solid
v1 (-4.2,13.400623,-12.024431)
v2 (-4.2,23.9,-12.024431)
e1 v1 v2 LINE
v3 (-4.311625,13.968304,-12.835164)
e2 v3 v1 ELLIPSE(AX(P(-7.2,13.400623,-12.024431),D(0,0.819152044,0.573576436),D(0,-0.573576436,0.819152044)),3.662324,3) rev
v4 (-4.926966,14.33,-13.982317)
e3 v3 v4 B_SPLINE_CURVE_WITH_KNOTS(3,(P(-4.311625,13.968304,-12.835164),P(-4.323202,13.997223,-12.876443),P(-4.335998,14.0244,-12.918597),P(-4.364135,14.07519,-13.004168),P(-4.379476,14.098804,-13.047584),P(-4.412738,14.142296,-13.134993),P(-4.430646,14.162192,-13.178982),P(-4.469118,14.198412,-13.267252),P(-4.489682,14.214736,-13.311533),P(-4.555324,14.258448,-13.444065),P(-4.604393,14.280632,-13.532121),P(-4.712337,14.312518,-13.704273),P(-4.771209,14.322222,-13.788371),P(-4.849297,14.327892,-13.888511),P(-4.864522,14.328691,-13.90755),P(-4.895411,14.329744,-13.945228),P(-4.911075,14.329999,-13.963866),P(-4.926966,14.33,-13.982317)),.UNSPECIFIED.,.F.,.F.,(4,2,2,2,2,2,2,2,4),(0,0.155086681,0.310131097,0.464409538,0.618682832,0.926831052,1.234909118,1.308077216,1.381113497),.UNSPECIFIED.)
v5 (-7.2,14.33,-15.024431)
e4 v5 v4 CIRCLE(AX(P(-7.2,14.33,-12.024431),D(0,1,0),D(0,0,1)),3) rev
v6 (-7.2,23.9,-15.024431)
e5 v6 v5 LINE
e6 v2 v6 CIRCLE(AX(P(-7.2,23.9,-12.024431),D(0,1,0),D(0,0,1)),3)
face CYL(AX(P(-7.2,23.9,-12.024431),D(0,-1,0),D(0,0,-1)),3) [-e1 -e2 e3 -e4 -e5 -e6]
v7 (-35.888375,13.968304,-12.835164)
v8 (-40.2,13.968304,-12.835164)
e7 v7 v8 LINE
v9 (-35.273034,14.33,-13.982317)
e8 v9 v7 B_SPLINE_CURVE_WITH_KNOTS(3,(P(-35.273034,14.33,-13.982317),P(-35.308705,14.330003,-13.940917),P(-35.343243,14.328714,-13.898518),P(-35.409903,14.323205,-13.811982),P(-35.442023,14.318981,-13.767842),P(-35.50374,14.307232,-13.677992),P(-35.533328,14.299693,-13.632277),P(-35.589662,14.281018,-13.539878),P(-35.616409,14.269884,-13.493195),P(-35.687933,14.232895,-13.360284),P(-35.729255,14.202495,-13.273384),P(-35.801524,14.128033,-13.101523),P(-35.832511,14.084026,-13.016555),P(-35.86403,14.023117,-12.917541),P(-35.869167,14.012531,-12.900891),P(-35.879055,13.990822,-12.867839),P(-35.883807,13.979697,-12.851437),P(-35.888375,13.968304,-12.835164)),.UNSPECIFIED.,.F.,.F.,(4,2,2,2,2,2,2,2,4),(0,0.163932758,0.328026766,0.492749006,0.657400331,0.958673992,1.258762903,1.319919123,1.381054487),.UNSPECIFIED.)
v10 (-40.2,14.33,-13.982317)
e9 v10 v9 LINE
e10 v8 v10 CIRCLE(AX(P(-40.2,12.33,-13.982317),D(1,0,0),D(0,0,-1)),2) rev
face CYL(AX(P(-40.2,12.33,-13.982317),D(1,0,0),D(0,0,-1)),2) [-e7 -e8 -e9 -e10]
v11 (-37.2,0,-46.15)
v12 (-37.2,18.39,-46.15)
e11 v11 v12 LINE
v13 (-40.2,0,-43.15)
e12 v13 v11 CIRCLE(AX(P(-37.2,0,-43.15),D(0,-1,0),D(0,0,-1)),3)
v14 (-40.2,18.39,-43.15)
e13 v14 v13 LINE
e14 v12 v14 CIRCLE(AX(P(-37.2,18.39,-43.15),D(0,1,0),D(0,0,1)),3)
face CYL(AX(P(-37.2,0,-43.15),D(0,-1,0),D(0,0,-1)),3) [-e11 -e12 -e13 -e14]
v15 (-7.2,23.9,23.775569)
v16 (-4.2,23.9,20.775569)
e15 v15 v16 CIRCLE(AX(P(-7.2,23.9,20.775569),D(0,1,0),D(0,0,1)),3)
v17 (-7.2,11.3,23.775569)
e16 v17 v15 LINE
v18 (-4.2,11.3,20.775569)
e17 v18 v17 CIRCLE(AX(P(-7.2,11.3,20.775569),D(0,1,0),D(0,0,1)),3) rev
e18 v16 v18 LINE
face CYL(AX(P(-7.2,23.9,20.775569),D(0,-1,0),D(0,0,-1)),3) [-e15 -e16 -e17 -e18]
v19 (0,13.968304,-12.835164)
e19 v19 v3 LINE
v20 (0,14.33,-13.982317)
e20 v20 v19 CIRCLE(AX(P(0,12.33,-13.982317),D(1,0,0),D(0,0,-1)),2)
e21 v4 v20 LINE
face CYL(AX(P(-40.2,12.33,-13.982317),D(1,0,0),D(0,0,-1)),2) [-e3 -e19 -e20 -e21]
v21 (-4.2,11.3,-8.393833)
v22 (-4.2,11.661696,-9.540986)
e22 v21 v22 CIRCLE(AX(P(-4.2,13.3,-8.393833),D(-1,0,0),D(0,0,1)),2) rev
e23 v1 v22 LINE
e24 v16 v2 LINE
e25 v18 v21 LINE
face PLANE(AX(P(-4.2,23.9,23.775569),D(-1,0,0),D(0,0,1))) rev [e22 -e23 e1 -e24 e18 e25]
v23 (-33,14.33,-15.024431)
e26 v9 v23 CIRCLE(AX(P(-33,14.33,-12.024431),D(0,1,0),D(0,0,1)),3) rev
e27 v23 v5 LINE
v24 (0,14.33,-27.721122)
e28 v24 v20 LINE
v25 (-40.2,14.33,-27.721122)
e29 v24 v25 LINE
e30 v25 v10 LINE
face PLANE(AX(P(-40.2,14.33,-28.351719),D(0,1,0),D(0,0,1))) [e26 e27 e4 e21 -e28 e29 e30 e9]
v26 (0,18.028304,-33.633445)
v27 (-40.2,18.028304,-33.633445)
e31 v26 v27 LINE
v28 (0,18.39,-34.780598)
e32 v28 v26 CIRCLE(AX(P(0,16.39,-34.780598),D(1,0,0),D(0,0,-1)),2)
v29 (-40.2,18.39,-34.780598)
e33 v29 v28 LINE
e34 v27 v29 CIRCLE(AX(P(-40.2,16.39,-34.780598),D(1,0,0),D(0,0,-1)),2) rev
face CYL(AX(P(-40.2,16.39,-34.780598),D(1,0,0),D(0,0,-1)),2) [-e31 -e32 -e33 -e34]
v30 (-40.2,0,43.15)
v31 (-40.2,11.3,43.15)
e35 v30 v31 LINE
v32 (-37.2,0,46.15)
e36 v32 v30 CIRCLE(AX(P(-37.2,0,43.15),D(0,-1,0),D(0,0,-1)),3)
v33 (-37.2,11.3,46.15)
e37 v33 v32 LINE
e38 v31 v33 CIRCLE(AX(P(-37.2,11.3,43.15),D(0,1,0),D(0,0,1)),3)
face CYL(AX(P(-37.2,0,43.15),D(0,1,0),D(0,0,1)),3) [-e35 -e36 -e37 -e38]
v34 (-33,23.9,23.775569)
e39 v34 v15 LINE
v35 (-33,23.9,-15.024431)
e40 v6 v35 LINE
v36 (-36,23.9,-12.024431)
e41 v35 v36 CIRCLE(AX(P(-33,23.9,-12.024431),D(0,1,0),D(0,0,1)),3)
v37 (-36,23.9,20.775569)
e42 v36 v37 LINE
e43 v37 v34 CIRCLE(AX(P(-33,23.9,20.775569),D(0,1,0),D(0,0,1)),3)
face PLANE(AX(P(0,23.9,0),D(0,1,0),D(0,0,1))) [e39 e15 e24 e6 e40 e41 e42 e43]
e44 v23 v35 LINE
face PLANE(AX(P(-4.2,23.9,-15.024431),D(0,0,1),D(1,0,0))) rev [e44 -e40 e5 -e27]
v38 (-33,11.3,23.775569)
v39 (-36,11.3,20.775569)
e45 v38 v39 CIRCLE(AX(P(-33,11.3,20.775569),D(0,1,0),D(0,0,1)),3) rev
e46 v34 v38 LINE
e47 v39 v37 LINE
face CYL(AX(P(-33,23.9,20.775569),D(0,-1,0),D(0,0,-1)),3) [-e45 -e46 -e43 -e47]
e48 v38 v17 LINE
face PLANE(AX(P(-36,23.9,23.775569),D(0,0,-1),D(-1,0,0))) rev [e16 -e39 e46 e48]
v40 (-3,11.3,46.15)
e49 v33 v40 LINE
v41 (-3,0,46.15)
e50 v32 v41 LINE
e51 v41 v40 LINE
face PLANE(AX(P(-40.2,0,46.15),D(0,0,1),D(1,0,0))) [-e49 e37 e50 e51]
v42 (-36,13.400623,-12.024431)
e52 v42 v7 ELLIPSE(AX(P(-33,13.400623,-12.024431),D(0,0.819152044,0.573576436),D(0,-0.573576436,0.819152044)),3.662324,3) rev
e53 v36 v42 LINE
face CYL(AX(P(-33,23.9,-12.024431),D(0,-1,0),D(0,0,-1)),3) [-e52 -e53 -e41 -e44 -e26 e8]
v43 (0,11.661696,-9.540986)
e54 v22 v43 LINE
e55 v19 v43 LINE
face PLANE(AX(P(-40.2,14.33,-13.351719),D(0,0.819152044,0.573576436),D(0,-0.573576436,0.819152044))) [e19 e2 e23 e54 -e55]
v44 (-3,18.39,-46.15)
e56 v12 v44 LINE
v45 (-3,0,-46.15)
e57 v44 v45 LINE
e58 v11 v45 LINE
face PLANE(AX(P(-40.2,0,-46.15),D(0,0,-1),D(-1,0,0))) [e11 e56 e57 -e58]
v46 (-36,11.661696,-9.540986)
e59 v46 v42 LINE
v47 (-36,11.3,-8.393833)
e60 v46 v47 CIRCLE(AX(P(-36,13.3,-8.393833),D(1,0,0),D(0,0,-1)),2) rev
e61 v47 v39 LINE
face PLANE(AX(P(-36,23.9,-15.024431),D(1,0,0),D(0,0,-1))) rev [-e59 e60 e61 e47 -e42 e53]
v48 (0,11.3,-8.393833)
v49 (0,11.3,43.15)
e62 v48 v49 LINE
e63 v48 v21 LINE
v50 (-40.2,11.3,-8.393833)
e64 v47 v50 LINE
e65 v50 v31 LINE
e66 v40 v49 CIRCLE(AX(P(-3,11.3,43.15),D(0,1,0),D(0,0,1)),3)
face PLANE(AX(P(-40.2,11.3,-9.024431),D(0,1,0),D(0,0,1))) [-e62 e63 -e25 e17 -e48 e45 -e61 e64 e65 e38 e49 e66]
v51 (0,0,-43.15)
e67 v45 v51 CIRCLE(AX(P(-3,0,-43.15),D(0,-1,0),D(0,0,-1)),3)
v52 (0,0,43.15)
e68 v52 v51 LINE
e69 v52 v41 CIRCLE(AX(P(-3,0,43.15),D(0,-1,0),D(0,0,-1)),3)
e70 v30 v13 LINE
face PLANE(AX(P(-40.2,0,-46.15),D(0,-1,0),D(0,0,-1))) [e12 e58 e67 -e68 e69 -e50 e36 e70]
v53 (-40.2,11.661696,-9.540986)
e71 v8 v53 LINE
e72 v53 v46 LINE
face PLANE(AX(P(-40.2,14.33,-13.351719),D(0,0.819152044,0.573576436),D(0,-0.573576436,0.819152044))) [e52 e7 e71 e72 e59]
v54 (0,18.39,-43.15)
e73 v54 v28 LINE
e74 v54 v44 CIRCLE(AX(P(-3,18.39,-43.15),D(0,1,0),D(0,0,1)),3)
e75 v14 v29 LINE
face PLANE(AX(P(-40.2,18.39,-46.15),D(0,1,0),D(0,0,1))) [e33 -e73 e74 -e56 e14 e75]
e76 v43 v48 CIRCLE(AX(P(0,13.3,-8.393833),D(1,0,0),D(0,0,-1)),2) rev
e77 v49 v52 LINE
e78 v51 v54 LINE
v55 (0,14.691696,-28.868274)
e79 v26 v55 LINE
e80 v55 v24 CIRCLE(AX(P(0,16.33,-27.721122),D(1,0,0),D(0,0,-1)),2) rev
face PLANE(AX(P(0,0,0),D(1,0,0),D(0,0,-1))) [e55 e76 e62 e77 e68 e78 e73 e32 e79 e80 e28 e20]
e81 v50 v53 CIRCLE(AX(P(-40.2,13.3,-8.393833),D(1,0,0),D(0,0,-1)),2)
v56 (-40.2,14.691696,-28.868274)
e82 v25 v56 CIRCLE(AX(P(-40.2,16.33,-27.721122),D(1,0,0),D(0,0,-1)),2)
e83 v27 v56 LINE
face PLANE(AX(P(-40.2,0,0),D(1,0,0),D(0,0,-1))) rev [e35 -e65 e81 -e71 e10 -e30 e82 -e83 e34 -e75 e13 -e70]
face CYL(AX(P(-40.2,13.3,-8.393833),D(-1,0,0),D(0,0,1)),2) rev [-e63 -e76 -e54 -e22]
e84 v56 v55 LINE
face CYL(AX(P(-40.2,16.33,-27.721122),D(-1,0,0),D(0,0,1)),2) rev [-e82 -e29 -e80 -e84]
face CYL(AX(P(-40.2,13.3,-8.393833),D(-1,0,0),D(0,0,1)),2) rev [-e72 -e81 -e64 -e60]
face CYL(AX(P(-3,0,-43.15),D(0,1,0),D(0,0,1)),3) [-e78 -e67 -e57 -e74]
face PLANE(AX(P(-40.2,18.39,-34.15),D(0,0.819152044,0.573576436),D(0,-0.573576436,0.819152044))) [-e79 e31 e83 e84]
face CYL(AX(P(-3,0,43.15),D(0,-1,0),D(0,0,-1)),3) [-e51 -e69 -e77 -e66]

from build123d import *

# Parameters (mm, degrees)
BOSS_EXTRUDE1_DEPTH = 40.2
SKETCH2_W           = 31.8
SKETCH2_H           = 38.8
BOSS_EXTRUDE2_DEPTH = 12.6
FILLET1_R           = 3
FILLET2_R           = 3
FILLET3_R           = 2


with BuildPart() as part:
    # Sketch1 → Boss-Extrude1 (new body)
    with BuildSketch(Plane(origin=(0, 0, 0), x_dir=(0, 0, -1), z_dir=(1, 0, 0))):
        Polygon((46.15, 0), (-46.15, 0), (-46.15, 11.3), (9.024430632, 11.3), (13.351719093, 14.33), (28.351719093, 14.33), (34.15, 18.39), (46.15, 18.39), align=None)
    extrude(amount=-BOSS_EXTRUDE1_DEPTH)

    # Sketch2 → Boss-Extrude2 (add)
    with BuildSketch(Plane(origin=(0, 11.3, 0), x_dir=(1, 0, 0), z_dir=(0, 1, 0))):
        with Locations((-20.1, -4.375569368)):
            Rectangle(SKETCH2_W, SKETCH2_H)
    extrude(amount=BOSS_EXTRUDE2_DEPTH)

    # Fillet1
    fillet1_edges = [part.edges().sort_by_distance(p)[0] for p in [
        (-36, 19.115, -15.024430632),
        (-4.2, 19.115, -15.024430632),
        (-36, 17.6, 23.775569368),
        (-4.2, 17.6, 23.775569368),
    ]]
    fillet(fillet1_edges, radius=FILLET1_R)

    # Fillet2
    fillet2_edges = [part.edges().sort_by_distance(p)[0] for p in [
        (0, 9.195, -46.15),
        (0, 5.65, 46.15),
        (-40.2, 9.195, -46.15),
        (-40.2, 5.65, 46.15),
    ]]
    fillet(fillet2_edges, radius=FILLET2_R)

    # Fillet3
    fillet3_edges = [part.edges().sort_by_distance(p)[0] for p in [
        (-38.1, 11.3, -9.024430632),
        (-2.1, 11.3, -9.024430632),
        (-37.945204942, 14.33, -13.351719093),
        (-2.254795058, 14.33, -13.351719093),
        (-20.1, 14.33, -28.351719093),
        (-20.1, 18.39, -34.15),
    ]]
    fillet(fillet3_edges, radius=FILLET3_R)


solid = part.part
